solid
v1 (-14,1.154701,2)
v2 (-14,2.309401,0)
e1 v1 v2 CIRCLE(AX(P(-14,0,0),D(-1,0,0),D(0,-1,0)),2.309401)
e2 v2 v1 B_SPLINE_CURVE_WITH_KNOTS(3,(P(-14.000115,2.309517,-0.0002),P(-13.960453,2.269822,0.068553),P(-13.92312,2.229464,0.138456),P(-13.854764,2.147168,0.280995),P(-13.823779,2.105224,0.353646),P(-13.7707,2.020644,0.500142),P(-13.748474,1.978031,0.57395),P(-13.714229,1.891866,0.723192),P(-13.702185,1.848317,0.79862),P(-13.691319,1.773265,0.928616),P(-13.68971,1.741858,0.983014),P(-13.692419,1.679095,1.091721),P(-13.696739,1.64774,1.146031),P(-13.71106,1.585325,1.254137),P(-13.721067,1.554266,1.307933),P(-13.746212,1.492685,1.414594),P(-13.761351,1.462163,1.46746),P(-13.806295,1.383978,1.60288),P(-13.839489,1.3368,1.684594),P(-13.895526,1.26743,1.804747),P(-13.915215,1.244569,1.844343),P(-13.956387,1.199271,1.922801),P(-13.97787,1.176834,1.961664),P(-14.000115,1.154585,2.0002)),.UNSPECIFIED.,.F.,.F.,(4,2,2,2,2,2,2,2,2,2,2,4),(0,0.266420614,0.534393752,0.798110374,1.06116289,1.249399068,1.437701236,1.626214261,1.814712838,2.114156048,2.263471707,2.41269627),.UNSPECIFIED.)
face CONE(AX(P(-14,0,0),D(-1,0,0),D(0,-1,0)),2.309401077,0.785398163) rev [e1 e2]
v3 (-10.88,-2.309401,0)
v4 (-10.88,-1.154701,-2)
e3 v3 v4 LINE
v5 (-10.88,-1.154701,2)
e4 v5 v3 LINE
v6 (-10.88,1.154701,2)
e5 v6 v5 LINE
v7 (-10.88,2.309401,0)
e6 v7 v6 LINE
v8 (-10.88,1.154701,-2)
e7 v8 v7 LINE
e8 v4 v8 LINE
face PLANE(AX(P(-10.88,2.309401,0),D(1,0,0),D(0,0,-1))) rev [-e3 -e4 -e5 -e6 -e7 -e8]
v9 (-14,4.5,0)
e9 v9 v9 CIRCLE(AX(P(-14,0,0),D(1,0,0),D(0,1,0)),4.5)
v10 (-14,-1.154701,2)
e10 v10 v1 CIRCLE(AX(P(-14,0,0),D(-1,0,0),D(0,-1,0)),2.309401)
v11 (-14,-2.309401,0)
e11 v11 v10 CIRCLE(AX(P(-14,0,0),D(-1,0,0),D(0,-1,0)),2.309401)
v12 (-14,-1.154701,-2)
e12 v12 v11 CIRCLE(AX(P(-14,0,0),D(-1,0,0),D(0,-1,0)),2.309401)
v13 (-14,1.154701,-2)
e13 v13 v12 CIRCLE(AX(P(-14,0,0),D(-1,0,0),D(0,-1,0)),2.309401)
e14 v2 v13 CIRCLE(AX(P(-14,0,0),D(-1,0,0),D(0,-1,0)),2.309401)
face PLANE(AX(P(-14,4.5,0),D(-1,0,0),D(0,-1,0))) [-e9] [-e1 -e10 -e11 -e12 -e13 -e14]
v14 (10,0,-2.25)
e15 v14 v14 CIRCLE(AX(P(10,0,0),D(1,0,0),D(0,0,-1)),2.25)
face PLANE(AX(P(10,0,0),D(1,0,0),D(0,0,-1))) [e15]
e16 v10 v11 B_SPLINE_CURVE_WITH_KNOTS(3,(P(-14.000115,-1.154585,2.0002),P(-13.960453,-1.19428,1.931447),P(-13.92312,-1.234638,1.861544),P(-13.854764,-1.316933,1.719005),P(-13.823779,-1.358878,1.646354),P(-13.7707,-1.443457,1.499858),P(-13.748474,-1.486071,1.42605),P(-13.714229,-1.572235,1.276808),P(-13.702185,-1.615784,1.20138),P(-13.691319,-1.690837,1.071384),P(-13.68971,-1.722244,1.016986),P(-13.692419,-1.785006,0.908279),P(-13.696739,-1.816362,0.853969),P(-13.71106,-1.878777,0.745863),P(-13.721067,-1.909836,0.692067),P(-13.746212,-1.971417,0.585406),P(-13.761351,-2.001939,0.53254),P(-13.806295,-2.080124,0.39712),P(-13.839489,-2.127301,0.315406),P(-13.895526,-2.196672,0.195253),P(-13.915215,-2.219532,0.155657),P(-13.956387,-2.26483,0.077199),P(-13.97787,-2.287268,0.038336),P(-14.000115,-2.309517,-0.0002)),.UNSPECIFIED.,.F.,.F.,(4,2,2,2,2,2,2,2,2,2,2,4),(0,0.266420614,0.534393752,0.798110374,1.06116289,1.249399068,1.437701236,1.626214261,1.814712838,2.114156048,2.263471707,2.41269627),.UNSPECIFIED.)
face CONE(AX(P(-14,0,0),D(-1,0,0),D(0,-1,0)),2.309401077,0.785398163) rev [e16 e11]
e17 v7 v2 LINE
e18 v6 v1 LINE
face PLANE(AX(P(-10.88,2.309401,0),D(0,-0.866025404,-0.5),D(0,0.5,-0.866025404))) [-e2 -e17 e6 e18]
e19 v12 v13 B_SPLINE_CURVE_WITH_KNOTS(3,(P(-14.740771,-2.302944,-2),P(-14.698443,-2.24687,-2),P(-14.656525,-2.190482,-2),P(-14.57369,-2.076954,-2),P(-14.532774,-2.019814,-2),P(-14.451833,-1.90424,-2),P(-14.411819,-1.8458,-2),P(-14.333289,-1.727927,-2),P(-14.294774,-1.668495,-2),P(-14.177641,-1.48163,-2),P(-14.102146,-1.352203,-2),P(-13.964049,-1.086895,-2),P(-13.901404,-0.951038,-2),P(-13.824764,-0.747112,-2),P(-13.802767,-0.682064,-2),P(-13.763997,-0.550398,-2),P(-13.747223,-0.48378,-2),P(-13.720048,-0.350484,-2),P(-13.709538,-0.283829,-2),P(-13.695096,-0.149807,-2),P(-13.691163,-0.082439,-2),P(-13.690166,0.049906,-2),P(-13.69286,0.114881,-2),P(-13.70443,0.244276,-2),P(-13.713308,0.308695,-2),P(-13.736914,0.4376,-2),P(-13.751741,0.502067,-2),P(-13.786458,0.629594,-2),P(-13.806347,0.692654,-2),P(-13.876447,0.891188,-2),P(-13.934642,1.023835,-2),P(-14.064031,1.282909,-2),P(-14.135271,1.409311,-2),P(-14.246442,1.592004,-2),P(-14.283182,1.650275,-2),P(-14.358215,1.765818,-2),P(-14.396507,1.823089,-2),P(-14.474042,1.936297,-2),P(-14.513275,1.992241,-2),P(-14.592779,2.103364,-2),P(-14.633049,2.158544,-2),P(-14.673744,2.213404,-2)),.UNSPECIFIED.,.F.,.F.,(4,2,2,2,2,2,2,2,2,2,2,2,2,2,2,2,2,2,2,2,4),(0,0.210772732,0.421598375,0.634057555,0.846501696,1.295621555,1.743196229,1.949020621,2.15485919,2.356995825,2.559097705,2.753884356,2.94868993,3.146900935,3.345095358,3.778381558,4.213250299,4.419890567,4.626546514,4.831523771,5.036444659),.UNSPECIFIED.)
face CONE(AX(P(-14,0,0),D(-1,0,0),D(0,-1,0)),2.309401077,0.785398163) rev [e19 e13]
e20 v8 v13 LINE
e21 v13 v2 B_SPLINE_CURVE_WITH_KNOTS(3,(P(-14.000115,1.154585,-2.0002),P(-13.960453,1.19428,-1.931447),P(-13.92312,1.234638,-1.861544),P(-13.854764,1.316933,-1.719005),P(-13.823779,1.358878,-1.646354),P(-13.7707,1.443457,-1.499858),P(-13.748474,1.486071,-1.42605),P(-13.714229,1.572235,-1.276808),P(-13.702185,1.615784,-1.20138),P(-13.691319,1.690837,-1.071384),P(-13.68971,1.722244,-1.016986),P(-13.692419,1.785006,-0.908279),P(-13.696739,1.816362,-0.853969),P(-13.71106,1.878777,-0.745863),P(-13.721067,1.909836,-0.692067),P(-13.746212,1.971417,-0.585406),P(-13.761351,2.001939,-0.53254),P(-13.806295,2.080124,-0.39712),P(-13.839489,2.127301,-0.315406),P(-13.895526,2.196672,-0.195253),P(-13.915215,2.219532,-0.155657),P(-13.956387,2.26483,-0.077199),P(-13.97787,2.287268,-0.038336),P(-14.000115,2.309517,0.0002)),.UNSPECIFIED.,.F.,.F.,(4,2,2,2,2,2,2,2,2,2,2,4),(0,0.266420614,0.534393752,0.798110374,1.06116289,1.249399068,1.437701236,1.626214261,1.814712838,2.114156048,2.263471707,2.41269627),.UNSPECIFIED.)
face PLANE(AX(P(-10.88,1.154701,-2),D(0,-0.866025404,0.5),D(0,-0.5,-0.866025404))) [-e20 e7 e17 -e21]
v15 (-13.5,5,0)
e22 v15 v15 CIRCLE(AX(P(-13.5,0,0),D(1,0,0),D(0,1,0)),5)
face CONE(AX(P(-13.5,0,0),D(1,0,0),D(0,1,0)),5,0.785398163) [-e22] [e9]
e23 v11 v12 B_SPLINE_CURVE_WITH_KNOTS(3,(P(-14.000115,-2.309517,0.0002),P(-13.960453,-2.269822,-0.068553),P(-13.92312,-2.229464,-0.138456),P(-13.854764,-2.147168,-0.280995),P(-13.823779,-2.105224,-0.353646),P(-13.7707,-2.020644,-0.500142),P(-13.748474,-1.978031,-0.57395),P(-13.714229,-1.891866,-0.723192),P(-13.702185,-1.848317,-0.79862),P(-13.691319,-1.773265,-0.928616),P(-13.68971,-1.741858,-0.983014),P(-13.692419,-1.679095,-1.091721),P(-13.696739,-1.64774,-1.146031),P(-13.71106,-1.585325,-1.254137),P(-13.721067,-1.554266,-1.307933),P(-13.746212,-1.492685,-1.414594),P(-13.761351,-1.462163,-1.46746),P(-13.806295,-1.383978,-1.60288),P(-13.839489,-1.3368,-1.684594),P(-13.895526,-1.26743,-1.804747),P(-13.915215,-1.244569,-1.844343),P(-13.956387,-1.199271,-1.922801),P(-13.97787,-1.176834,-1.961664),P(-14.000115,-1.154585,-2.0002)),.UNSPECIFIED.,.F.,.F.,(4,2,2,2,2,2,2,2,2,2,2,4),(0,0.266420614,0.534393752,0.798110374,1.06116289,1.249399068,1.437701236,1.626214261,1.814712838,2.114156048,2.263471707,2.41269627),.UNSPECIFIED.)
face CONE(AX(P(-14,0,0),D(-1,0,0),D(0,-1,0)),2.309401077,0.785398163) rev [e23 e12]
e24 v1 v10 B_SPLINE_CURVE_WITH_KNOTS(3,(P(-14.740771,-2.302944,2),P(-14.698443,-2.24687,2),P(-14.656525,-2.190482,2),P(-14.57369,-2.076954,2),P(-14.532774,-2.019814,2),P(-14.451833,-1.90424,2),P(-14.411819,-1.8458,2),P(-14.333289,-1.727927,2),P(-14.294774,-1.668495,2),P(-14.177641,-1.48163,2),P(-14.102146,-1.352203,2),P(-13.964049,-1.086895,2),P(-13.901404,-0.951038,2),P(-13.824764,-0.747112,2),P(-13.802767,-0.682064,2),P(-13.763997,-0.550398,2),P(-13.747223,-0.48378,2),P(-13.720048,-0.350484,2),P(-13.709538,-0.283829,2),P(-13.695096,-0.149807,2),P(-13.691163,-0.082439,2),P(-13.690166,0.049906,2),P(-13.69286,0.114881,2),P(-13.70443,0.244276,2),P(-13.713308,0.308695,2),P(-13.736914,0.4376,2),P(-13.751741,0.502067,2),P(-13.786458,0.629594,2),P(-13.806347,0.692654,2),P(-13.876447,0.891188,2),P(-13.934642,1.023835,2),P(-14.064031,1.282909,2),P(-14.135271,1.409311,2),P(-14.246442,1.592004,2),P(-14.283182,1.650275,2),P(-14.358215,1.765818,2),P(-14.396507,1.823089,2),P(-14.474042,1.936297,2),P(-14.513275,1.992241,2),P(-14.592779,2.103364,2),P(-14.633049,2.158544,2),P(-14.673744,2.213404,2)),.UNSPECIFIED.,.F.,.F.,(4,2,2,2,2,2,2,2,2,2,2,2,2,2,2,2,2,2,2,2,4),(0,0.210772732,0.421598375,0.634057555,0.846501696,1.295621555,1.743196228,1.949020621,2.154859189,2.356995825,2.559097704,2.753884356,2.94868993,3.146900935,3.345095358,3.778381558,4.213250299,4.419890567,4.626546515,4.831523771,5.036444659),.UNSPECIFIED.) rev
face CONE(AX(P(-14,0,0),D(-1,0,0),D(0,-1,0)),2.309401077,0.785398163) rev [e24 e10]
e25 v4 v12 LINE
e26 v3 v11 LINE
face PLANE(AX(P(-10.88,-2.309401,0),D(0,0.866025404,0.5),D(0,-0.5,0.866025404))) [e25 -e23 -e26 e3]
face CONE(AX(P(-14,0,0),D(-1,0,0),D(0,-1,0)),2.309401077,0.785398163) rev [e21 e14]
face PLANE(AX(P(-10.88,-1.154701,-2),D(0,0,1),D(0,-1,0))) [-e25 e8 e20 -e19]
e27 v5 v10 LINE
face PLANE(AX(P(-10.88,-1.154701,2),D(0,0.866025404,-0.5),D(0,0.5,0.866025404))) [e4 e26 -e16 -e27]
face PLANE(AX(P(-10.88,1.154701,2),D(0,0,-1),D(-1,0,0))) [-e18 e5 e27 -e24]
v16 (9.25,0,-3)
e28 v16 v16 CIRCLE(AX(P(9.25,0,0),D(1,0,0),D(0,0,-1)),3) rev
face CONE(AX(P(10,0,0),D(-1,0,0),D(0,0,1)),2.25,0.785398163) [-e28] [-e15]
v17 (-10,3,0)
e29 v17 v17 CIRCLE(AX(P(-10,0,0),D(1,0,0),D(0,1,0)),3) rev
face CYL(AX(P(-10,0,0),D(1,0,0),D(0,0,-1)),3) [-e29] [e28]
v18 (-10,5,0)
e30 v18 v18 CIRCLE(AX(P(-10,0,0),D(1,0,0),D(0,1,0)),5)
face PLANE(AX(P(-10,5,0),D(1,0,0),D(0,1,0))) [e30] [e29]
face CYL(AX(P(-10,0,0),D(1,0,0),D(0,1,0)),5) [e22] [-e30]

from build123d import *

# Parameters (mm, degrees)
SKETCH2_R           = 3
BOSS_EXTRUDE1_DEPTH = 20
CHAMFER1_SIZE       = 0.75
CUT_EXTRUDE1_DEPTH  = 3.12


with BuildPart() as part:
    # Sketch2 → Boss-Extrude1 (new body)
    with BuildSketch(Plane(origin=(10, 0, 0), x_dir=(0, 0, -1), z_dir=(1, 0, 0))):
        Circle(SKETCH2_R)
    extrude(amount=-BOSS_EXTRUDE1_DEPTH)

    # Chamfer1
    chamfer1_edges = [part.edges().sort_by_distance(p)[0] for p in [
        (10, 0, 3),
    ]]
    chamfer(chamfer1_edges, length=CHAMFER1_SIZE)

    # Sketch6 → Revolve1 (revolve)
    with BuildSketch(Plane.XY):
        Polygon((-13.5, 5), (-14, 4.5), (-14, 0), (-10, 0), (-10, 5), align=None)
    revolve(axis=Axis((-10, 0, 0), (-1, 0, 0)))

    # Sketch4 → Cut-Extrude1 (cut)
    with BuildSketch(Plane(origin=(-14, 0, 0), x_dir=(0, 0, -1), z_dir=(1, 0, 0))):
        Polygon((0, 2.309401077), (-2, 1.154700538), (-2, -1.154700538), (0, -2.309401077), (2, -1.154700538), (2, 1.154700538), align=None)
    extrude(amount=CUT_EXTRUDE1_DEPTH, mode=Mode.SUBTRACT)

    # Cut-Extrude2 cone 1 section (through the dimple's axis) → Cut-Extrude2 (revolve, cut)
    with BuildSketch(Plane(origin=(-14, 0, 0), x_dir=(0, 0, 1), z_dir=(0, 1, 0))):
        Polygon((0, 0), (2.309401077, 0), (0, 2.309401077), align=None)
    revolve(axis=Axis((-14, 0, 0), (1, 0, 0)), mode=Mode.SUBTRACT)


solid = part.part
